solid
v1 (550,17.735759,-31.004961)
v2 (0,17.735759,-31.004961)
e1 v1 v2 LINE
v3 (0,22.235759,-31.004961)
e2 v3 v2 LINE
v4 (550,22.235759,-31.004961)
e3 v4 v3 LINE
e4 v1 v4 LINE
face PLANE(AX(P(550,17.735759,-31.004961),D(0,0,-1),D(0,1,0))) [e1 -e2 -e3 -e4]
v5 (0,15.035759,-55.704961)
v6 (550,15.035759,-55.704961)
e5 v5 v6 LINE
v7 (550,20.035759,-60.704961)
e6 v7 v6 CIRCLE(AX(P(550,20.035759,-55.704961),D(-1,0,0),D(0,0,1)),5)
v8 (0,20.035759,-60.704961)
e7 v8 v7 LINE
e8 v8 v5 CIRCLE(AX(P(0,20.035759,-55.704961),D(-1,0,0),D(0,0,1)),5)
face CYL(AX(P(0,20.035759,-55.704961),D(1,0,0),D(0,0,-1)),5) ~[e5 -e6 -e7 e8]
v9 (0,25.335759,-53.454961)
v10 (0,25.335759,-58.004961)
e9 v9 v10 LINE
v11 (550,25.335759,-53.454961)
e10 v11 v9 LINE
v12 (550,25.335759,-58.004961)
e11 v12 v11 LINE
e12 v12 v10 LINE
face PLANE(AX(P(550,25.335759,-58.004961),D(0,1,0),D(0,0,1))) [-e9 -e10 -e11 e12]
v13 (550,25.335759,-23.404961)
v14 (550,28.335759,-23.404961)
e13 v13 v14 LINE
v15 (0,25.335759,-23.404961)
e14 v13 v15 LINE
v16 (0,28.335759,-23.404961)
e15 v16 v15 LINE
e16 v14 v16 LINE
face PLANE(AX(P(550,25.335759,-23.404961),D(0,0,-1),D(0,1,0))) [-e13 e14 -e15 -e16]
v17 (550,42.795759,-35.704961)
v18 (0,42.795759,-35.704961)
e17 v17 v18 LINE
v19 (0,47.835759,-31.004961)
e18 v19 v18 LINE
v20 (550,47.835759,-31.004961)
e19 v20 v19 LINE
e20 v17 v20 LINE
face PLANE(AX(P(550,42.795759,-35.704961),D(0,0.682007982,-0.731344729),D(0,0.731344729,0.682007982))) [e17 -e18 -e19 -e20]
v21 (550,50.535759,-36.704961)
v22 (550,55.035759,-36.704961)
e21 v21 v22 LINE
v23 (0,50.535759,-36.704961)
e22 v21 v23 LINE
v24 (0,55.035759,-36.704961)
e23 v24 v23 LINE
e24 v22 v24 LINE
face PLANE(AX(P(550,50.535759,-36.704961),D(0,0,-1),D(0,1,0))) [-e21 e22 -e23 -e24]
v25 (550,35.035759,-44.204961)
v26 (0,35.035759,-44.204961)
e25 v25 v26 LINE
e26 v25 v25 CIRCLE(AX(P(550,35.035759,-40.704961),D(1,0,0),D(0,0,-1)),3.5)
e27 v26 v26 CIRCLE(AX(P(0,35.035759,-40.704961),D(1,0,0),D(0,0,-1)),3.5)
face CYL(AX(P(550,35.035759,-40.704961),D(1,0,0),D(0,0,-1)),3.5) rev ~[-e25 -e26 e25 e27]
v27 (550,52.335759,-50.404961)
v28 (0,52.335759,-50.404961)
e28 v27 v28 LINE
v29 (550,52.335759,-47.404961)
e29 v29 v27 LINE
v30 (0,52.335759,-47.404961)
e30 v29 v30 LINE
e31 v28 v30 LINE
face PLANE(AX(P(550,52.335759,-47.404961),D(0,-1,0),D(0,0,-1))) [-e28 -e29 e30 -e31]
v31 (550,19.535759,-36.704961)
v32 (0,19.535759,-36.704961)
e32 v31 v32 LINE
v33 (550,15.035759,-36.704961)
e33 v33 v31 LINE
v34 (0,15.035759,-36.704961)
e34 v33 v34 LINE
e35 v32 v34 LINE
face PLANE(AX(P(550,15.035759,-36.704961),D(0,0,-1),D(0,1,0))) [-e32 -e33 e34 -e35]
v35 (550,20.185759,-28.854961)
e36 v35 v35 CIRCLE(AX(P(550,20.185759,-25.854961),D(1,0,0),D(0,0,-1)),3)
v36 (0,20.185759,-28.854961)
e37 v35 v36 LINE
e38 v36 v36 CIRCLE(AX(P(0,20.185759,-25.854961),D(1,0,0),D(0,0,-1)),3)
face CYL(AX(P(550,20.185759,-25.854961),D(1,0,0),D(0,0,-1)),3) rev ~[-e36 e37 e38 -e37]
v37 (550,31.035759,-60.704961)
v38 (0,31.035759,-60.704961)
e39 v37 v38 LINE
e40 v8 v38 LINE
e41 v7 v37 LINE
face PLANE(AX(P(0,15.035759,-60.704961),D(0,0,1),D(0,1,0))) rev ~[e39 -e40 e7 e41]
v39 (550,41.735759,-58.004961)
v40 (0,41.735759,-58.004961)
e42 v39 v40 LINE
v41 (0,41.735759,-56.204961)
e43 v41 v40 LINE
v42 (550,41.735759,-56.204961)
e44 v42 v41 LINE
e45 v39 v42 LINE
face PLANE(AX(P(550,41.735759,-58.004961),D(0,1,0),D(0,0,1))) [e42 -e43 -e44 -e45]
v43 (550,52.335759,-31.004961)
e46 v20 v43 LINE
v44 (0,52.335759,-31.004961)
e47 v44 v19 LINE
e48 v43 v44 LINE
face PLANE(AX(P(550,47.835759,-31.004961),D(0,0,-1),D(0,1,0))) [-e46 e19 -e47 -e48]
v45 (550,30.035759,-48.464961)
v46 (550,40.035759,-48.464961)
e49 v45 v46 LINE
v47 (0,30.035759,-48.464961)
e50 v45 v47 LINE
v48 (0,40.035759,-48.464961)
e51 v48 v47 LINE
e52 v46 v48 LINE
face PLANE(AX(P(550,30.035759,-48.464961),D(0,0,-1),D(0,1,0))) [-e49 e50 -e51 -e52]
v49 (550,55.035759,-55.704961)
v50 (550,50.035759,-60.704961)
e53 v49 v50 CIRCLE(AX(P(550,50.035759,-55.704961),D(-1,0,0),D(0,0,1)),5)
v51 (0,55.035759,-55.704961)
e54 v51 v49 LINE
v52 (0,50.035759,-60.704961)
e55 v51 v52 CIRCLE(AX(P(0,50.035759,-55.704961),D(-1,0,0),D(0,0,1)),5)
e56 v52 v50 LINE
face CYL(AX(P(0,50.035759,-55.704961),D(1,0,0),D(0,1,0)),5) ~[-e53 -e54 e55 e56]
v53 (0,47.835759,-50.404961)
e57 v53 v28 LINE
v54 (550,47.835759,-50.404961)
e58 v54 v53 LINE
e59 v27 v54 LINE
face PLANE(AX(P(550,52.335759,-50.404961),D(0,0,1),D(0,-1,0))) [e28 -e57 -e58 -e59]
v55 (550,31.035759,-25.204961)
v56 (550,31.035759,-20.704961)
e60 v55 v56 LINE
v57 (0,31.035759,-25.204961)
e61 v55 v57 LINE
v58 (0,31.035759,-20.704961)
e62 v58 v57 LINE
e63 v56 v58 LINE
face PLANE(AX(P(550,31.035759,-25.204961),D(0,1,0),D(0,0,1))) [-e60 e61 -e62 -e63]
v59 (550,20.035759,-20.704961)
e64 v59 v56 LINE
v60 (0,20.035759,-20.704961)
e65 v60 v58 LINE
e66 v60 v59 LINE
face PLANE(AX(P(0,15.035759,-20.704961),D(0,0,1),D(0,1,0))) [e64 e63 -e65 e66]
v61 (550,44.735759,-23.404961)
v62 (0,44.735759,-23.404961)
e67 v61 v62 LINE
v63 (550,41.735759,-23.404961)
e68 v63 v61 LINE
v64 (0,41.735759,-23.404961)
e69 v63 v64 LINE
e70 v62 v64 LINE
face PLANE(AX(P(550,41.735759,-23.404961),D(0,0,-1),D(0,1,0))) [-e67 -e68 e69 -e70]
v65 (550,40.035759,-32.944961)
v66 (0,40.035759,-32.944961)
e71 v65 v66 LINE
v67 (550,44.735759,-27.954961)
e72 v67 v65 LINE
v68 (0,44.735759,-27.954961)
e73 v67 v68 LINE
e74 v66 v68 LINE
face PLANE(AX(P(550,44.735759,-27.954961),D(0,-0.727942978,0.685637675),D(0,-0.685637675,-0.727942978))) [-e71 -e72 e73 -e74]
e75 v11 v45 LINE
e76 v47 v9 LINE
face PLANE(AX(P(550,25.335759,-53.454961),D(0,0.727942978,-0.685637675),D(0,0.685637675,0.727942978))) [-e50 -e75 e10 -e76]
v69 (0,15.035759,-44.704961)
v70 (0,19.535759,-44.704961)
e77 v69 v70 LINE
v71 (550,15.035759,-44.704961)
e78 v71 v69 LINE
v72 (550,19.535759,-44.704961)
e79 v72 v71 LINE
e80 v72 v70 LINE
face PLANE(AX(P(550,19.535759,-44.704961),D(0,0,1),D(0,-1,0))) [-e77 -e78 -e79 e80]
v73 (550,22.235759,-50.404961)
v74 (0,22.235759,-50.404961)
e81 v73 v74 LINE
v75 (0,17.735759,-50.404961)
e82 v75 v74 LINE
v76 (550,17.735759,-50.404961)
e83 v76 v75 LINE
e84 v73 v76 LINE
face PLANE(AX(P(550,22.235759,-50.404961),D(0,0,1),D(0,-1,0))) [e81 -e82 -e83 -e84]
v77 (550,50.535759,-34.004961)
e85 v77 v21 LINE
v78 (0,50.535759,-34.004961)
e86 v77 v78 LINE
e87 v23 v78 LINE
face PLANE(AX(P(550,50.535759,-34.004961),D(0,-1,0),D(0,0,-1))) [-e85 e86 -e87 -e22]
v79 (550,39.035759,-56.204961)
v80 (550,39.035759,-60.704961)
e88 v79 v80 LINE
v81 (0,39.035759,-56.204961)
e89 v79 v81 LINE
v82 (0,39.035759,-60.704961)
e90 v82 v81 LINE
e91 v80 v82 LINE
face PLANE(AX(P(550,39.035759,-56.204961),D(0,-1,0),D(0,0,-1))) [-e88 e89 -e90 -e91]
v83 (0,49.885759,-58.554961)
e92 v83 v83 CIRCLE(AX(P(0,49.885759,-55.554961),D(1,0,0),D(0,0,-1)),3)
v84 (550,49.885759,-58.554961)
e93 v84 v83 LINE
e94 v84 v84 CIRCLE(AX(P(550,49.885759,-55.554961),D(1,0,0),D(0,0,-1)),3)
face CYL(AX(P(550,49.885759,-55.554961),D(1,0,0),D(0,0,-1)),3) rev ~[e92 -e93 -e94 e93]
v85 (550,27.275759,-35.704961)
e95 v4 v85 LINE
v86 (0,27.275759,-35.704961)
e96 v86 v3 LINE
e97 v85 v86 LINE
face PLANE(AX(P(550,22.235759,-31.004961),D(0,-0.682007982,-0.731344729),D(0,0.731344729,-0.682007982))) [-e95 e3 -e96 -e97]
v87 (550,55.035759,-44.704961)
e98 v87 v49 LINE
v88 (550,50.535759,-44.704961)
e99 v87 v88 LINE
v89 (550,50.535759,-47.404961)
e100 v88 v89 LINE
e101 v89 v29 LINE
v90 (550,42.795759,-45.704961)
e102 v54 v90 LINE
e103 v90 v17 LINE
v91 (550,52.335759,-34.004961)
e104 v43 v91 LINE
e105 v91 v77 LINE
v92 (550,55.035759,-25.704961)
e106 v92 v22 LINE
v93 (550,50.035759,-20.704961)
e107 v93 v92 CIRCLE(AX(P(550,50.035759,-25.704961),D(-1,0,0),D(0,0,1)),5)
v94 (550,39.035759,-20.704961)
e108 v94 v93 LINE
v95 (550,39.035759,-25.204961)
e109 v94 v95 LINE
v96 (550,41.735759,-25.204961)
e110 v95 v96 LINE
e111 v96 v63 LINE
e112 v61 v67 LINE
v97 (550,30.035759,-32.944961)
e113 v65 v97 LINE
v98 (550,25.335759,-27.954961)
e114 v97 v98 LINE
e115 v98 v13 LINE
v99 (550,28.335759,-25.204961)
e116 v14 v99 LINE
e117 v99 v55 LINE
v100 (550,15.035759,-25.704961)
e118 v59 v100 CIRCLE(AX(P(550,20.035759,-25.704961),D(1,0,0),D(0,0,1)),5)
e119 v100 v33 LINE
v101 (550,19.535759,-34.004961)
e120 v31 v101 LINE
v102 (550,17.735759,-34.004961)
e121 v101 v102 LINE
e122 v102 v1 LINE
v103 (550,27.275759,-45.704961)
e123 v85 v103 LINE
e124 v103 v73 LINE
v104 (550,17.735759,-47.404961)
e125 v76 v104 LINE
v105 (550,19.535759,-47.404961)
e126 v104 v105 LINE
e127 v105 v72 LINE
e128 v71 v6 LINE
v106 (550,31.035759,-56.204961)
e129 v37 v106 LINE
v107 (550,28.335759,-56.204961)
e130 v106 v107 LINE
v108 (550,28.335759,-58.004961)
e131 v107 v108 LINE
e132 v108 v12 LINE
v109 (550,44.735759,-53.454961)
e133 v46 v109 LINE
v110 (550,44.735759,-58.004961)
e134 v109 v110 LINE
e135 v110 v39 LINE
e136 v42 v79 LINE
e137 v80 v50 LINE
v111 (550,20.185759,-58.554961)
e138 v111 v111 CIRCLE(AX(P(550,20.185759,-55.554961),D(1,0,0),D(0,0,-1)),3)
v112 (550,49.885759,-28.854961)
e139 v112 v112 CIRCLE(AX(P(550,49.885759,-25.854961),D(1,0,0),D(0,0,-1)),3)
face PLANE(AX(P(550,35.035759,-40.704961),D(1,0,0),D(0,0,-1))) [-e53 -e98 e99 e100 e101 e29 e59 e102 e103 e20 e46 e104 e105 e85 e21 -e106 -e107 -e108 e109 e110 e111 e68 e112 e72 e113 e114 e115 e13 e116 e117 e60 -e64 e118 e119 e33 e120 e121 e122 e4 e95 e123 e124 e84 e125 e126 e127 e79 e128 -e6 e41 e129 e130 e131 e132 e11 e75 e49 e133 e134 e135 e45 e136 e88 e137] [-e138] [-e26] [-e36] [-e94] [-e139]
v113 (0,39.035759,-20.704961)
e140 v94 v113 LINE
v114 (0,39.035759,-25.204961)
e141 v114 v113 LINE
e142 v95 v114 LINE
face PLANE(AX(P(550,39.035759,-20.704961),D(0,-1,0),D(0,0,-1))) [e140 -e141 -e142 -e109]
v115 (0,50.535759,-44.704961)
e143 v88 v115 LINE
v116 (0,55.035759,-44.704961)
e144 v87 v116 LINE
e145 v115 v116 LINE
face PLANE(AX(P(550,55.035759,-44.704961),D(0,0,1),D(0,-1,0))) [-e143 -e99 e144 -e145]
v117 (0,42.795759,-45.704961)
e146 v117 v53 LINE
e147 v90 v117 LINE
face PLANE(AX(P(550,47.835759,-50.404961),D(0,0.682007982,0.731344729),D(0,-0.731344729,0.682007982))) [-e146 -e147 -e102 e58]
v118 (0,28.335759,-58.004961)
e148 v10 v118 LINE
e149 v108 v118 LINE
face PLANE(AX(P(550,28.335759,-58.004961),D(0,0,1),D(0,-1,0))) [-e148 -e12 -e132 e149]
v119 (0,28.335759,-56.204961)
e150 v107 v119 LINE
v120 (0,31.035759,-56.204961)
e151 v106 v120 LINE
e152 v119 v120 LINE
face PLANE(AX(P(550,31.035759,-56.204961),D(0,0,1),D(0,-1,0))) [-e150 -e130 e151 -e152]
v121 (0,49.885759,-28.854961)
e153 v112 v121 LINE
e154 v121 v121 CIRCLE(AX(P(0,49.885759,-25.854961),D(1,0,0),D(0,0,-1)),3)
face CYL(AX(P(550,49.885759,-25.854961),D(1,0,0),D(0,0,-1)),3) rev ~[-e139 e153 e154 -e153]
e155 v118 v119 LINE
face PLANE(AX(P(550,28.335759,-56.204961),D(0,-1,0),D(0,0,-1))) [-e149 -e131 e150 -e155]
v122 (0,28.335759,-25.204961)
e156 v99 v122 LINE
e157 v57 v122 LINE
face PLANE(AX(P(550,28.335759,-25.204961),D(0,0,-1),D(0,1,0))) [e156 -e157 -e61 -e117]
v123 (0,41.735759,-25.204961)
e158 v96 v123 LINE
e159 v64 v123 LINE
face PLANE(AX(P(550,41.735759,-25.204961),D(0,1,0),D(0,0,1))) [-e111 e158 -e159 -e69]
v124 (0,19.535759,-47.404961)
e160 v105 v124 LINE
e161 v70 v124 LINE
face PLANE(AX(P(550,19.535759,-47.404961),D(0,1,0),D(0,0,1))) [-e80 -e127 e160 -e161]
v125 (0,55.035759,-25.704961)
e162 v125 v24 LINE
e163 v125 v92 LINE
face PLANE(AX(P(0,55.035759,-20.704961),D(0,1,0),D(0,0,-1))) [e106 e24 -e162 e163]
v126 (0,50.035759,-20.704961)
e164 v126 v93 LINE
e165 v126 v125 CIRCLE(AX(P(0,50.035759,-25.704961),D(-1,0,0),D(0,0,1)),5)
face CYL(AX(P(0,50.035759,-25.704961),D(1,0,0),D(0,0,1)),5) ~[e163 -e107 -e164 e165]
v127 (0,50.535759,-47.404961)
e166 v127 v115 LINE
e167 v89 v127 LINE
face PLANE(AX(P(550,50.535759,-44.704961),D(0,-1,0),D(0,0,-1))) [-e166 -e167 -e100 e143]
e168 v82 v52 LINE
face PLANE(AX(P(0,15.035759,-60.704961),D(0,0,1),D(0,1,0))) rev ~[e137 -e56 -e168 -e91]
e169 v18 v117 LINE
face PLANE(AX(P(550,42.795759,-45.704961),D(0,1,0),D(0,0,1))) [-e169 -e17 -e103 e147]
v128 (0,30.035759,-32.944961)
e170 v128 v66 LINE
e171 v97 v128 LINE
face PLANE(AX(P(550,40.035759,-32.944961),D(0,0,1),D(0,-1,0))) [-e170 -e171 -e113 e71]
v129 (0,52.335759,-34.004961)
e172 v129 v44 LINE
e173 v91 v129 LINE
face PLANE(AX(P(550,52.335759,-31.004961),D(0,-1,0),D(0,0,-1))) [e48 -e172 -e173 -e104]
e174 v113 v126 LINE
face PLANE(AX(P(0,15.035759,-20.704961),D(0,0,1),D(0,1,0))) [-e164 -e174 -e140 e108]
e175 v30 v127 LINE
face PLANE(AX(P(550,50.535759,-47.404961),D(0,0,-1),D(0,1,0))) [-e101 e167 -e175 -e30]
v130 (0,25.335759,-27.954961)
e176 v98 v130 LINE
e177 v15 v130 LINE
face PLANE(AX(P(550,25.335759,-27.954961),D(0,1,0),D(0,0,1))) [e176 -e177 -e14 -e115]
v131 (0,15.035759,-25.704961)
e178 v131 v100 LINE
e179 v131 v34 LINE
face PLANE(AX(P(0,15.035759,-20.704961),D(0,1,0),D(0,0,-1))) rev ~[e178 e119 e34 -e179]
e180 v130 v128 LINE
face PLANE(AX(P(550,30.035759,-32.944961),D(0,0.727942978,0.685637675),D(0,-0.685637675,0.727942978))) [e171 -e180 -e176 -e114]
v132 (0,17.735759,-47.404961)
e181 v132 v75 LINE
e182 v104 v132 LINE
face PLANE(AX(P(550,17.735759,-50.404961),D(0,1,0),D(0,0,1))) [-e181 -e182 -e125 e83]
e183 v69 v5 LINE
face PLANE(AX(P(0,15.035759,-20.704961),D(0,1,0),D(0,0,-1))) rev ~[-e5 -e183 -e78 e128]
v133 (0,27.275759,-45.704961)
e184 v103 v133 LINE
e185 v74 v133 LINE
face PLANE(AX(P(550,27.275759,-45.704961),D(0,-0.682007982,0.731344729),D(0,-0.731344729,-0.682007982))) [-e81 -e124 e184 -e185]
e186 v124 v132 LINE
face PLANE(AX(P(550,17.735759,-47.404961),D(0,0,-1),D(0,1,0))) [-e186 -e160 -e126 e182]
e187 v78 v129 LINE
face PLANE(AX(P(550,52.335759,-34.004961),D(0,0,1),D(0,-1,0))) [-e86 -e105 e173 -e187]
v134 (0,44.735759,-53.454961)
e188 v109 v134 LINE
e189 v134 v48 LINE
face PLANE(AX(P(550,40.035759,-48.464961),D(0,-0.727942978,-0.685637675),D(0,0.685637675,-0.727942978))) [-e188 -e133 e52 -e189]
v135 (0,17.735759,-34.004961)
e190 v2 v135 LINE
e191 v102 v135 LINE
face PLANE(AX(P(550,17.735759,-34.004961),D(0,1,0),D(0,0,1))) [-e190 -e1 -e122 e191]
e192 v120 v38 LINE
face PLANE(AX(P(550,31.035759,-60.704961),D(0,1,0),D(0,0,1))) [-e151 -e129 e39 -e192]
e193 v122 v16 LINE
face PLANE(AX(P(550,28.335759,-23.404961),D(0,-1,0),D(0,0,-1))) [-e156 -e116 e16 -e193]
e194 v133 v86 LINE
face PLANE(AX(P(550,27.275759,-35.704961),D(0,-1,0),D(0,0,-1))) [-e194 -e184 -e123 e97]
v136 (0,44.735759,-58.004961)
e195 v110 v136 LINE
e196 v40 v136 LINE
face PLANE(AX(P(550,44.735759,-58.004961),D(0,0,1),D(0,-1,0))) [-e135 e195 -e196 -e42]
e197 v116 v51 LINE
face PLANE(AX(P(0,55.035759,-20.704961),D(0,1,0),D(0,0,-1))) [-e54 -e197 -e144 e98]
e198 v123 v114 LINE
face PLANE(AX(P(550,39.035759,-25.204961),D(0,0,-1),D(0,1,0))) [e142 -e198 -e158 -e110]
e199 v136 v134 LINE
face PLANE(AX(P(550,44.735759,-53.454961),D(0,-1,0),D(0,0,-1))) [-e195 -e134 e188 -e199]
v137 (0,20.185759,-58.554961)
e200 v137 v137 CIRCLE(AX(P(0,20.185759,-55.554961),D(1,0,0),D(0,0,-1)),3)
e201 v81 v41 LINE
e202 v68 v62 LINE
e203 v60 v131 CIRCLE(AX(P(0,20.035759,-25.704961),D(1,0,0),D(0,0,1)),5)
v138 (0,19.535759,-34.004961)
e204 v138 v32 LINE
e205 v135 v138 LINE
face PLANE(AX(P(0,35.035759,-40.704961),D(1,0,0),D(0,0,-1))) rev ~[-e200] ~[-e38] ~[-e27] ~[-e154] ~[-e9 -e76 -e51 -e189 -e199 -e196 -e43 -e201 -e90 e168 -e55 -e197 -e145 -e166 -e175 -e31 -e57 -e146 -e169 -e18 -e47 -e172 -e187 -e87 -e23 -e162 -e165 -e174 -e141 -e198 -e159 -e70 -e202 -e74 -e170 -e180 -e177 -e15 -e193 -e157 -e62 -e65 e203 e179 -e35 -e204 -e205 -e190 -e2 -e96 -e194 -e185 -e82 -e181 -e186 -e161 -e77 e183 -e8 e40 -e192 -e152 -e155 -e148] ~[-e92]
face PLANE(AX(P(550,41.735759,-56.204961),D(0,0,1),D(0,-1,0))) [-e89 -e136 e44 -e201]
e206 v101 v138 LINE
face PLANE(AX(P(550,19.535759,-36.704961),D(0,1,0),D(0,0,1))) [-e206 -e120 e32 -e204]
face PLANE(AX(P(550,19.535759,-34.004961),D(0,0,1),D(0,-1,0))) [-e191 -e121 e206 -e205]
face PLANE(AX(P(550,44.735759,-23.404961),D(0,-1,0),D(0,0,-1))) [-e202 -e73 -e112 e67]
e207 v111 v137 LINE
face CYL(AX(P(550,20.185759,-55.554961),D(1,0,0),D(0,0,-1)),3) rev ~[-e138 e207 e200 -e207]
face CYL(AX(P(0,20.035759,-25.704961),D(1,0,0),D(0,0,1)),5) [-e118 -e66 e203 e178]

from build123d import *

# Parameters (mm, degrees)
SKETCH_1_W          = 40
SKETCH_1_H          = 40
EXTRUDE_1_DEPTH     = 550
CUT_EXTRUDE_1_REACH = 558.07
SKETCH_2_R          = 3.5
SKETCH_2_R_2        = 3
FILLET_1_R          = 5


with BuildPart() as part:
    # 草图1 → 凸台-拉伸1 (new body)
    with BuildSketch(Plane(origin=(0, 0, 0), x_dir=(0, 0, -1), z_dir=(1, 0, 0))):
        with Locations((40.704960836, 35.035758607)):
            Rectangle(SKETCH_1_W, SKETCH_1_H)
    extrude(amount=EXTRUDE_1_DEPTH)

    # 草图2 → 切除-拉伸1 (cut, up to next)
    with BuildSketch(Plane(origin=(550, 0, 0), x_dir=(0, 0, -1), z_dir=(1, 0, 0)), mode=Mode.PRIVATE) as cut_extrude_1_sk1:
        with Locations((40.704960836, 35.035758607)):
            Circle(SKETCH_2_R)
    cut_extrude_1_tool1 = extrude(cut_extrude_1_sk1.sketch, amount=-CUT_EXTRUDE_1_REACH, mode=Mode.PRIVATE) & part.part
    # 草图2 → 切除-拉伸1 (cut, up to next)
    with BuildSketch(Plane(origin=(550, 0, 0), x_dir=(0, 0, -1), z_dir=(1, 0, 0)), mode=Mode.PRIVATE) as cut_extrude_1_sk2:
        with Locations((25.854960836, 49.885758607)):
            Circle(SKETCH_2_R_2)
    cut_extrude_1_tool2 = extrude(cut_extrude_1_sk2.sketch, amount=-CUT_EXTRUDE_1_REACH, mode=Mode.PRIVATE) & part.part
    # 草图2 → 切除-拉伸1 (cut, up to next)
    with BuildSketch(Plane(origin=(550, 0, 0), x_dir=(0, 0, -1), z_dir=(1, 0, 0)), mode=Mode.PRIVATE) as cut_extrude_1_sk3:
        with Locations((25.854960836, 20.185758607)):
            Circle(SKETCH_2_R_2)
    cut_extrude_1_tool3 = extrude(cut_extrude_1_sk3.sketch, amount=-CUT_EXTRUDE_1_REACH, mode=Mode.PRIVATE) & part.part
    # 草图2 → 切除-拉伸1 (cut, up to next)
    with BuildSketch(Plane(origin=(550, 0, 0), x_dir=(0, 0, -1), z_dir=(1, 0, 0)), mode=Mode.PRIVATE) as cut_extrude_1_sk4:
        with Locations((55.554960836, 49.885758607)):
            Circle(SKETCH_2_R_2)
    cut_extrude_1_tool4 = extrude(cut_extrude_1_sk4.sketch, amount=-CUT_EXTRUDE_1_REACH, mode=Mode.PRIVATE) & part.part
    # 草图2 → 切除-拉伸1 (cut, up to next)
    with BuildSketch(Plane(origin=(550, 0, 0), x_dir=(0, 0, -1), z_dir=(1, 0, 0)), mode=Mode.PRIVATE) as cut_extrude_1_sk5:
        with Locations((55.554960836, 20.185758607)):
            Circle(SKETCH_2_R_2)
    cut_extrude_1_tool5 = extrude(cut_extrude_1_sk5.sketch, amount=-CUT_EXTRUDE_1_REACH, mode=Mode.PRIVATE) & part.part
    # 草图2 → 切除-拉伸1 (cut, up to next)
    with BuildSketch(Plane(origin=(550, 0, 0), x_dir=(0, 0, -1), z_dir=(1, 0, 0)), mode=Mode.PRIVATE) as cut_extrude_1_sk6:
        Polygon((36.704960836, 15.035758607), (36.704960836, 19.535758607), (34.004960836, 19.535758607), (34.004960836, 17.735758607), (31.004960836, 17.735758607), (31.004960836, 22.235758607), (35.704960836, 27.275758607), (45.704960836, 27.275758607), (50.404960836, 22.235758607), (50.404960836, 17.735758607), (47.404960836, 17.735758607), (47.404960836, 19.535758607), (44.704960836, 19.535758607), (44.704960836, 15.035758607), align=None)
    cut_extrude_1_tool6 = extrude(cut_extrude_1_sk6.sketch, amount=-CUT_EXTRUDE_1_REACH, mode=Mode.PRIVATE) & part.part
    # 草图2 → 切除-拉伸1 (cut, up to next)
    with BuildSketch(Plane(origin=(550, 0, 0), x_dir=(0, 0, -1), z_dir=(1, 0, 0)), mode=Mode.PRIVATE) as cut_extrude_1_sk7:
        Polygon((44.704960836, 55.035758607), (44.704960836, 50.535758607), (47.404960836, 50.535758607), (47.404960836, 52.335758607), (50.404960836, 52.335758607), (50.404960836, 47.835758607), (45.704960836, 42.795758607), (35.704960836, 42.795758607), (31.004960836, 47.835758607), (31.004960836, 52.335758607), (34.004960836, 52.335758607), (34.004960836, 50.535758607), (36.704960836, 50.535758607), (36.704960836, 55.035758607), align=None)
    cut_extrude_1_tool7 = extrude(cut_extrude_1_sk7.sketch, amount=-CUT_EXTRUDE_1_REACH, mode=Mode.PRIVATE) & part.part
    # 草图2 → 切除-拉伸1 (cut, up to next)
    with BuildSketch(Plane(origin=(550, 0, 0), x_dir=(0, 0, -1), z_dir=(1, 0, 0)), mode=Mode.PRIVATE) as cut_extrude_1_sk8:
        Polygon((20.704960836, 31.035758607), (20.704960836, 39.035758607), (25.204960836, 39.035758607), (25.204960836, 41.735758607), (23.404960836, 41.735758607), (23.404960836, 44.735758607), (27.954960836, 44.735758607), (32.944960836, 40.035758607), (32.944960836, 30.035758607), (27.954960836, 25.335758607), (23.404960836, 25.335758607), (23.404960836, 28.335758607), (25.204960836, 28.335758607), (25.204960836, 31.035758607), align=None)
    cut_extrude_1_tool8 = extrude(cut_extrude_1_sk8.sketch, amount=-CUT_EXTRUDE_1_REACH, mode=Mode.PRIVATE) & part.part
    # 草图2 → 切除-拉伸1 (cut, up to next)
    with BuildSketch(Plane(origin=(550, 0, 0), x_dir=(0, 0, -1), z_dir=(1, 0, 0)), mode=Mode.PRIVATE) as cut_extrude_1_sk9:
        Polygon((60.704960836, 31.035758607), (56.204960836, 31.035758607), (56.204960836, 28.335758607), (58.004960836, 28.335758607), (58.004960836, 25.335758607), (53.454960836, 25.335758607), (48.464960836, 30.035758607), (48.464960836, 40.035758607), (53.454960836, 44.735758607), (58.004960836, 44.735758607), (58.004960836, 41.735758607), (56.204960836, 41.735758607), (56.204960836, 39.035758607), (60.704960836, 39.035758607), align=None)
    cut_extrude_1_tool9 = extrude(cut_extrude_1_sk9.sketch, amount=-CUT_EXTRUDE_1_REACH, mode=Mode.PRIVATE) & part.part
    add(cut_extrude_1_tool1.solids().sort_by_distance((550, 35.035759, -40.704961))[0], mode=Mode.SUBTRACT)
    add(cut_extrude_1_tool2.solids().sort_by_distance((550, 49.885759, -25.854961))[0], mode=Mode.SUBTRACT)
    add(cut_extrude_1_tool3.solids().sort_by_distance((550, 20.185759, -25.854961))[0], mode=Mode.SUBTRACT)
    add(cut_extrude_1_tool4.solids().sort_by_distance((550, 49.885759, -55.554961))[0], mode=Mode.SUBTRACT)
    add(cut_extrude_1_tool5.solids().sort_by_distance((550, 20.185759, -55.554961))[0], mode=Mode.SUBTRACT)
    add(cut_extrude_1_tool6.solids().sort_by_distance((550, 21.537481, -40.704961))[0], mode=Mode.SUBTRACT)
    add(cut_extrude_1_tool7.solids().sort_by_distance((550, 48.534036, -40.704961))[0], mode=Mode.SUBTRACT)
    add(cut_extrude_1_tool8.solids().sort_by_distance((550, 35.035759, -27.209927))[0], mode=Mode.SUBTRACT)
    add(cut_extrude_1_tool9.solids().sort_by_distance((550, 35.035759, -54.199995))[0], mode=Mode.SUBTRACT)

    # 圆角1
    fillet_1_edges = [part.edges().sort_by_distance(p)[0] for p in [
        (275, 55.035758607, -20.704960836),
        (275, 55.035758607, -60.704960836),
        (275, 15.035758607, -60.704960836),
        (275, 15.035758607, -20.704960836),
    ]]
    fillet(fillet_1_edges, radius=FILLET_1_R)


solid = part.part
